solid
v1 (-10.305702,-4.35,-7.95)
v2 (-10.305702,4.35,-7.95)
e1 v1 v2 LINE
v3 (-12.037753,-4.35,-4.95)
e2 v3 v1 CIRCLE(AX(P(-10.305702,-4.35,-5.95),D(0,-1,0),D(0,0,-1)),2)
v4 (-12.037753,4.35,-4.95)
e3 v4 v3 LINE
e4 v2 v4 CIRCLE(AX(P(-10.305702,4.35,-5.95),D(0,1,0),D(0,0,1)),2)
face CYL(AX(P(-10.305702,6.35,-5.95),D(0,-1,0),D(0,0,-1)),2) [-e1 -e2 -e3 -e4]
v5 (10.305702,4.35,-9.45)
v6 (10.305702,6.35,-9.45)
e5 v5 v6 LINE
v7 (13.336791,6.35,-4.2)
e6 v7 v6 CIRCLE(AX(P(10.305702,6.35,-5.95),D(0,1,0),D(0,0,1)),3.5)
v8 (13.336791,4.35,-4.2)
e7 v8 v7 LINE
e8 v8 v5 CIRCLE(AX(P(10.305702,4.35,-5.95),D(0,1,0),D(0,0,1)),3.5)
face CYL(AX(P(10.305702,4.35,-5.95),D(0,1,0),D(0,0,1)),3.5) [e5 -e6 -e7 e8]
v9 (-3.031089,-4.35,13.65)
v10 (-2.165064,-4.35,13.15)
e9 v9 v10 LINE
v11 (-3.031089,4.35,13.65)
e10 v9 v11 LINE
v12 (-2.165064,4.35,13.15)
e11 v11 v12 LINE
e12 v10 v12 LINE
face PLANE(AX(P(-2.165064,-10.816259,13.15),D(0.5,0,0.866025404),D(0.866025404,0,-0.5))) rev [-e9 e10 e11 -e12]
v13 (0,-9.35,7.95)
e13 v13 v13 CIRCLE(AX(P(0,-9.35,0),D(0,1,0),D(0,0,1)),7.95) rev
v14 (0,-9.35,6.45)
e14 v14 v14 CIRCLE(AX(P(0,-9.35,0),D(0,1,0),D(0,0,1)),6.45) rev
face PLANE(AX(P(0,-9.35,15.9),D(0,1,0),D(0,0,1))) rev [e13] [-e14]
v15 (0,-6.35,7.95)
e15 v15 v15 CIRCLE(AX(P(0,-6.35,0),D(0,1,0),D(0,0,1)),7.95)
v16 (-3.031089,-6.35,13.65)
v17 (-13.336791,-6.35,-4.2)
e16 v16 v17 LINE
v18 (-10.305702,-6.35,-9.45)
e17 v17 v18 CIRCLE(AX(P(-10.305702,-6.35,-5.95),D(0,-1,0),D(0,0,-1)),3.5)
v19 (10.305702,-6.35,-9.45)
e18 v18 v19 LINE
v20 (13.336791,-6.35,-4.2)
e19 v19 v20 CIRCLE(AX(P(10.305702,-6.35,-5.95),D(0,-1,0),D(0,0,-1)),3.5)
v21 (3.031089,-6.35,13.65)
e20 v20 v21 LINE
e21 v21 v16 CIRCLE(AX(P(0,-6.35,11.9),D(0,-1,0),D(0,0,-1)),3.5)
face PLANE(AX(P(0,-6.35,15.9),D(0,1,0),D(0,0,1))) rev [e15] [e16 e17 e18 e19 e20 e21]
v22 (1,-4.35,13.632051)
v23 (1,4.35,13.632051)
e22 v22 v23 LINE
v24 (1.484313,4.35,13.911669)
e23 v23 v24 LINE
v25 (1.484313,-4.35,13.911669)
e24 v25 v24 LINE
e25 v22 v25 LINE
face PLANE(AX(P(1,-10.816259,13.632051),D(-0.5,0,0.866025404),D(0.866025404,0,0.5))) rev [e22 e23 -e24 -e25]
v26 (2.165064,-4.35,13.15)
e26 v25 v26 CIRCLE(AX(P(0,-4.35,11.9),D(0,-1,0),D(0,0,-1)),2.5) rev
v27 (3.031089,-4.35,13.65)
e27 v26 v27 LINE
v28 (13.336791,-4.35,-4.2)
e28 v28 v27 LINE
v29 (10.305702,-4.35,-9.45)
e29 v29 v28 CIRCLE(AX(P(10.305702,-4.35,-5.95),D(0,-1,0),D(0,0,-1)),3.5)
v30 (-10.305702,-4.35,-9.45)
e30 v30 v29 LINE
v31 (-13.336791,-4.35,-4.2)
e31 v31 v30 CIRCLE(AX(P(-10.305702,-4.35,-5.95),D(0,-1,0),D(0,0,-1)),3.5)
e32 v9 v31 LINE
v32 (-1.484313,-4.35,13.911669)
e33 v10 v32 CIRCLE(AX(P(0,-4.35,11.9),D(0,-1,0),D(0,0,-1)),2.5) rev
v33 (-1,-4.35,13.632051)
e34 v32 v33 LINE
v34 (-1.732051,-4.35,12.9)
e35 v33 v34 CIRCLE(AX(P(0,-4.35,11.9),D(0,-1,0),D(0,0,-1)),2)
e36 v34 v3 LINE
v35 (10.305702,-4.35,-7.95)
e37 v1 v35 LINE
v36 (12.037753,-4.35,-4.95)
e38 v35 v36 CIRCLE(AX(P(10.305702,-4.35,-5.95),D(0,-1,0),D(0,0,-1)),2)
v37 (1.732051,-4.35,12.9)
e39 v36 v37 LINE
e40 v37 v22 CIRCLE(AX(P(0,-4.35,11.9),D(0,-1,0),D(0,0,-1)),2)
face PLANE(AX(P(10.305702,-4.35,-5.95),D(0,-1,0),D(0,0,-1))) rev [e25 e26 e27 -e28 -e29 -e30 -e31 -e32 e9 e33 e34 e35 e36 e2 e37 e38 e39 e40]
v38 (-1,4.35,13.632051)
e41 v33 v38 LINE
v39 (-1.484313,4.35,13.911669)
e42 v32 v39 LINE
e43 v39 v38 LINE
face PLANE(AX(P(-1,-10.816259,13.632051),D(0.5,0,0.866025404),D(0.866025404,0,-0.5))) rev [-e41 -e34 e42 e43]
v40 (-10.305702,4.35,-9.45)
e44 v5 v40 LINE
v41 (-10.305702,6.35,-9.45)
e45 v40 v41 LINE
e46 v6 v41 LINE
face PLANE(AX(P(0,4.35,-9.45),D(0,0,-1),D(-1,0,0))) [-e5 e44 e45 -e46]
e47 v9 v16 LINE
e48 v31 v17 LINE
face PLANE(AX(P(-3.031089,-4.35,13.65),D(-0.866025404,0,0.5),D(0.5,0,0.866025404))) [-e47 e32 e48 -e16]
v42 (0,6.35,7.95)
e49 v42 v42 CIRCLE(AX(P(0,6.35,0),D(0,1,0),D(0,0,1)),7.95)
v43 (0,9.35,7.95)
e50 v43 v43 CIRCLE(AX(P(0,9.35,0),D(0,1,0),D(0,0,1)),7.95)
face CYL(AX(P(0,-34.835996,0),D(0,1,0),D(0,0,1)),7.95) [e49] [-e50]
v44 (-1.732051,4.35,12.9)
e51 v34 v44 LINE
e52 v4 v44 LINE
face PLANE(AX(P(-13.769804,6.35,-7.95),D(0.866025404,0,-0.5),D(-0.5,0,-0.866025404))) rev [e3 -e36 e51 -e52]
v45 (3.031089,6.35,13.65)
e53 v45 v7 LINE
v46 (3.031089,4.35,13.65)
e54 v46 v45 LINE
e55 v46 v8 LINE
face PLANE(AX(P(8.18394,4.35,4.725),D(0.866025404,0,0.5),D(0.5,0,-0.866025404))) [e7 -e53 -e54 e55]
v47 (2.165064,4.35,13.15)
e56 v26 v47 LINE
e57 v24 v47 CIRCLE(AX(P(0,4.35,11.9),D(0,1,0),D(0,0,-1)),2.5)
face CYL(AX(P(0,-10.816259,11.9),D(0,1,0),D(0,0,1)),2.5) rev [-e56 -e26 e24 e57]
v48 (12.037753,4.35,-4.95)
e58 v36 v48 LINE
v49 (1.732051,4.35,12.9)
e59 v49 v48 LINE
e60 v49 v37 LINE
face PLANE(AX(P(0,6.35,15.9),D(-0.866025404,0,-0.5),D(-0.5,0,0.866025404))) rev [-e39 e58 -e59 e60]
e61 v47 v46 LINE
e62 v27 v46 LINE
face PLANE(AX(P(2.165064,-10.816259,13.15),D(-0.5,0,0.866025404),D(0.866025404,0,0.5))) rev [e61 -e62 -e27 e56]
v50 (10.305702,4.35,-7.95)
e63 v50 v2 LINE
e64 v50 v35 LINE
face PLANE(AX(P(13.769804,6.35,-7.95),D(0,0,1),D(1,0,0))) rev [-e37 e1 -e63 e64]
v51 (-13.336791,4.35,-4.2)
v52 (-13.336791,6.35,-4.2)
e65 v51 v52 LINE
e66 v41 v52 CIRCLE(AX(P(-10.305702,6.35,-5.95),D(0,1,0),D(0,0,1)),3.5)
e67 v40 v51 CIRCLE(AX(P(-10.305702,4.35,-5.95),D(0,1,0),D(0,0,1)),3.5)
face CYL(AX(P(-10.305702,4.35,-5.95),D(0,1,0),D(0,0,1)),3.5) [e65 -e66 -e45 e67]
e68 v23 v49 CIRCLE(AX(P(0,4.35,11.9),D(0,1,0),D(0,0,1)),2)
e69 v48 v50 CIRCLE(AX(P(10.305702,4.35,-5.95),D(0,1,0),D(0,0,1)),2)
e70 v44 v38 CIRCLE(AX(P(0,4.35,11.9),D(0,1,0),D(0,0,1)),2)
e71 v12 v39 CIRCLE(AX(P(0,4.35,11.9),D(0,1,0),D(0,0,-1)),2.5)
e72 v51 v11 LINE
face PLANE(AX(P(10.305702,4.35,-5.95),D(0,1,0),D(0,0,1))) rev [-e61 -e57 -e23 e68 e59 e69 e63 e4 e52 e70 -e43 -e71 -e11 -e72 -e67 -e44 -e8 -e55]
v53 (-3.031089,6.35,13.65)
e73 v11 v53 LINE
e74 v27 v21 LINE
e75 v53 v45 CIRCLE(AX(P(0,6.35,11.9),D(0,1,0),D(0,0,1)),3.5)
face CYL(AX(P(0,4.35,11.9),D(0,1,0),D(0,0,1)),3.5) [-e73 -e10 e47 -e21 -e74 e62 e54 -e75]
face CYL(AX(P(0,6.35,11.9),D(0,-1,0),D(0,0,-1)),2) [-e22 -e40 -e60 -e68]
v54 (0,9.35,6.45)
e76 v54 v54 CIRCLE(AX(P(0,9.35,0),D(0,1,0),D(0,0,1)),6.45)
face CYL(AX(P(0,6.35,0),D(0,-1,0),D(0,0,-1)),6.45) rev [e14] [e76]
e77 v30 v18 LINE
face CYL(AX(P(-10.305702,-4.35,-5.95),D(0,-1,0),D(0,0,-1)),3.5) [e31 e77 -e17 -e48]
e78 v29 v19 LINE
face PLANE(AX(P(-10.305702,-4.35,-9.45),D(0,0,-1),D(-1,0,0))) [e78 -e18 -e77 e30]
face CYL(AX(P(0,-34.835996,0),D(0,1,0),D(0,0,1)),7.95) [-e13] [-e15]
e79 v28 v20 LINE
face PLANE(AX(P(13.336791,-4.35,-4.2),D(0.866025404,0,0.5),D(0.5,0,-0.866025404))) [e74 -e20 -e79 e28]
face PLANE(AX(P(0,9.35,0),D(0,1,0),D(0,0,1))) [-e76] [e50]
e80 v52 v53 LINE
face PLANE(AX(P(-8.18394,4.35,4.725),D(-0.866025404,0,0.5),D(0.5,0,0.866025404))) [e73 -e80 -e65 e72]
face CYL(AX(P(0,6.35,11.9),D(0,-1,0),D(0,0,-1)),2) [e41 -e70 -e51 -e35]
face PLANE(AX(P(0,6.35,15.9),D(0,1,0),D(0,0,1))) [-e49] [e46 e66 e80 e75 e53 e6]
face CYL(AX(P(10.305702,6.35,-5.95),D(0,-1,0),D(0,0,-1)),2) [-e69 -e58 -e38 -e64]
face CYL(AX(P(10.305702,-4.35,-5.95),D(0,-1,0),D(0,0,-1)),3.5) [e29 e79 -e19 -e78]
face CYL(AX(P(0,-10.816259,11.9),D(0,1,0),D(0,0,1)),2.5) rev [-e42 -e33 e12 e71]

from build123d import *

# Parameters (mm, degrees)
SKETCH1_R                = 6.45
BOSS_EXTRUDE1_DEPTH      = 6.35
FILLET1_R                = 2
SKETCH3_R                = 7.95
SKETCH3_R_2              = 6.45
BOSS_EXTRUDE3_DEPTH      = 3
BOSS_EXTRUDE3_DEPTH_BACK = 15.7
BOSS_EXTRUDE4_DEPTH      = 2
BOSS_EXTRUDE5_DEPTH      = 2
BOSS_EXTRUDE6_DEPTH      = 8.7


with BuildPart() as part:
    # Sketch1 → Boss-Extrude1 (new body, symmetric)
    with BuildSketch(Plane(origin=(0, 0, 0), x_dir=(1, 0, 0), z_dir=(0, 1, 0))):
        Polygon((0, -15.9), (13.76980392, 7.95), (-13.76980392, 7.95), align=None)
        with Locations(Location((0, 0, 0), (0, 0, 270))):  # turned: the seam where the file's is
            Circle(SKETCH1_R, mode=Mode.SUBTRACT)
    extrude(amount=BOSS_EXTRUDE1_DEPTH, both=True)

    # Fillet1
    fillet1_edges = [part.edges().sort_by_distance(p)[0] for p in [
        (-13.76980392, 0, -7.95),
        (13.76980392, 0, -7.95),
        (0, 0, 15.9),
    ]]
    fillet(fillet1_edges, radius=FILLET1_R)

    # Sketch3 → Boss-Extrude3 (add, two sides)
    with BuildSketch(Plane(origin=(0, 6.35, 0), x_dir=(1, 0, 0), z_dir=(0, 1, 0))) as boss_extrude3_sk:
        with Locations(Location((0, 0, 0), (0, 0, 270))):  # turned: the seam where the file's is
            Circle(SKETCH3_R)
        with Locations(Location((0, 0, 0), (0, 0, 270))):  # turned: the seam where the file's is
            Circle(SKETCH3_R_2, mode=Mode.SUBTRACT)
    extrude(amount=BOSS_EXTRUDE3_DEPTH)
    extrude(boss_extrude3_sk.sketch, amount=-BOSS_EXTRUDE3_DEPTH_BACK)

    # Sketch4 → Boss-Extrude4 (add)
    with BuildSketch(Plane(origin=(0, 6.35, 0), x_dir=(1, 0, 0), z_dir=(0, 1, 0))):
        with BuildLine():
            Line((8.183940066, -4.725), (13.336791218, 4.2))
            ThreePointArc((13.336791218, 4.2), (13.336791218, 7.7), (10.305702305, 9.45))
            Line((10.305702305, 9.45), (0, 9.45))
            Line((0, 9.45), (-10.305702305, 9.45))
            ThreePointArc((-10.305702305, 9.45), (-13.336791218, 7.7), (-13.336791218, 4.2))
            Line((-13.336791218, 4.2), (-8.183940066, -4.725))
            Line((-8.183940066, -4.725), (-3.031088913, -13.65))
            ThreePointArc((-3.031088913, -13.65), (0, -15.4), (3.031088913, -13.65))
            Line((3.031088913, -13.65), (8.183940066, -4.725))
        make_face()
        with BuildLine():
            Line((6.88490196, -3.975), (12.037753113, 4.95))
            ThreePointArc((12.037753113, 4.95), (12.037753113, 6.95), (10.305702305, 7.95))
            Line((10.305702305, 7.95), (0, 7.95))
            Line((0, 7.95), (-10.305702305, 7.95))
            ThreePointArc((-10.305702305, 7.95), (-12.037753113, 6.95), (-12.037753113, 4.95))
            Line((-12.037753113, 4.95), (-6.88490196, -3.975))
            Line((-6.88490196, -3.975), (-1.732050808, -12.9))
            ThreePointArc((-1.732050808, -12.9), (0, -13.9), (1.732050808, -12.9))
            Line((1.732050808, -12.9), (6.88490196, -3.975))
        make_face(mode=Mode.SUBTRACT)
    extrude(amount=-BOSS_EXTRUDE4_DEPTH)

    # Sketch5 → Boss-Extrude5 (add)
    with BuildSketch(Plane.XZ.offset(6.35)):
        with BuildLine():
            Line((13.336791218, -4.2), (3.031088913, 13.65))
            ThreePointArc((3.031088913, 13.65), (0, 15.4), (-3.031088913, 13.65))
            Line((-3.031088913, 13.65), (-13.336791218, -4.2))
            ThreePointArc((-13.336791218, -4.2), (-13.336791218, -7.7), (-10.305702305, -9.45))
            Line((-10.305702305, -9.45), (10.305702305, -9.45))
            ThreePointArc((10.305702305, -9.45), (13.336791218, -7.7), (13.336791218, -4.2))
        make_face()
        with BuildLine():
            Line((10.305702305, -7.95), (-10.305702305, -7.95))
            ThreePointArc((-10.305702305, -7.95), (-12.037753113, -6.95), (-12.037753113, -4.95))
            Line((-12.037753113, -4.95), (-1.732050808, 12.9))
            ThreePointArc((-1.732050808, 12.9), (0, 13.9), (1.732050808, 12.9))
            Line((1.732050808, 12.9), (12.037753113, -4.95))
            ThreePointArc((12.037753113, -4.95), (12.037753113, -6.95), (10.305702305, -7.95))
        make_face(mode=Mode.SUBTRACT)
    extrude(amount=-BOSS_EXTRUDE5_DEPTH)

    # Sketch6 → Boss-Extrude6 (add)
    with BuildSketch(Plane.XZ.offset(-4.35)):
        with BuildLine():
            Line((-2.165063509, 13.15), (-3.031088913, 13.65))
            ThreePointArc((-3.031088913, 13.65), (0, 15.4), (3.031088913, 13.65))
            Line((3.031088913, 13.65), (2.165063509, 13.15))
            ThreePointArc((2.165063509, 13.15), (1.864007283, 13.565976245), (1.484313483, 13.911669328))
            Line((1.484313483, 13.911669328), (1, 13.632050808))
            ThreePointArc((1, 13.632050808), (0, 13.9), (-1, 13.632050808))
            Line((-1, 13.632050808), (-1.484313483, 13.911669328))
            ThreePointArc((-1.484313483, 13.911669328), (-1.864007283, 13.565976245), (-2.165063509, 13.15))
        make_face()
    extrude(amount=BOSS_EXTRUDE6_DEPTH)


solid = part.part
